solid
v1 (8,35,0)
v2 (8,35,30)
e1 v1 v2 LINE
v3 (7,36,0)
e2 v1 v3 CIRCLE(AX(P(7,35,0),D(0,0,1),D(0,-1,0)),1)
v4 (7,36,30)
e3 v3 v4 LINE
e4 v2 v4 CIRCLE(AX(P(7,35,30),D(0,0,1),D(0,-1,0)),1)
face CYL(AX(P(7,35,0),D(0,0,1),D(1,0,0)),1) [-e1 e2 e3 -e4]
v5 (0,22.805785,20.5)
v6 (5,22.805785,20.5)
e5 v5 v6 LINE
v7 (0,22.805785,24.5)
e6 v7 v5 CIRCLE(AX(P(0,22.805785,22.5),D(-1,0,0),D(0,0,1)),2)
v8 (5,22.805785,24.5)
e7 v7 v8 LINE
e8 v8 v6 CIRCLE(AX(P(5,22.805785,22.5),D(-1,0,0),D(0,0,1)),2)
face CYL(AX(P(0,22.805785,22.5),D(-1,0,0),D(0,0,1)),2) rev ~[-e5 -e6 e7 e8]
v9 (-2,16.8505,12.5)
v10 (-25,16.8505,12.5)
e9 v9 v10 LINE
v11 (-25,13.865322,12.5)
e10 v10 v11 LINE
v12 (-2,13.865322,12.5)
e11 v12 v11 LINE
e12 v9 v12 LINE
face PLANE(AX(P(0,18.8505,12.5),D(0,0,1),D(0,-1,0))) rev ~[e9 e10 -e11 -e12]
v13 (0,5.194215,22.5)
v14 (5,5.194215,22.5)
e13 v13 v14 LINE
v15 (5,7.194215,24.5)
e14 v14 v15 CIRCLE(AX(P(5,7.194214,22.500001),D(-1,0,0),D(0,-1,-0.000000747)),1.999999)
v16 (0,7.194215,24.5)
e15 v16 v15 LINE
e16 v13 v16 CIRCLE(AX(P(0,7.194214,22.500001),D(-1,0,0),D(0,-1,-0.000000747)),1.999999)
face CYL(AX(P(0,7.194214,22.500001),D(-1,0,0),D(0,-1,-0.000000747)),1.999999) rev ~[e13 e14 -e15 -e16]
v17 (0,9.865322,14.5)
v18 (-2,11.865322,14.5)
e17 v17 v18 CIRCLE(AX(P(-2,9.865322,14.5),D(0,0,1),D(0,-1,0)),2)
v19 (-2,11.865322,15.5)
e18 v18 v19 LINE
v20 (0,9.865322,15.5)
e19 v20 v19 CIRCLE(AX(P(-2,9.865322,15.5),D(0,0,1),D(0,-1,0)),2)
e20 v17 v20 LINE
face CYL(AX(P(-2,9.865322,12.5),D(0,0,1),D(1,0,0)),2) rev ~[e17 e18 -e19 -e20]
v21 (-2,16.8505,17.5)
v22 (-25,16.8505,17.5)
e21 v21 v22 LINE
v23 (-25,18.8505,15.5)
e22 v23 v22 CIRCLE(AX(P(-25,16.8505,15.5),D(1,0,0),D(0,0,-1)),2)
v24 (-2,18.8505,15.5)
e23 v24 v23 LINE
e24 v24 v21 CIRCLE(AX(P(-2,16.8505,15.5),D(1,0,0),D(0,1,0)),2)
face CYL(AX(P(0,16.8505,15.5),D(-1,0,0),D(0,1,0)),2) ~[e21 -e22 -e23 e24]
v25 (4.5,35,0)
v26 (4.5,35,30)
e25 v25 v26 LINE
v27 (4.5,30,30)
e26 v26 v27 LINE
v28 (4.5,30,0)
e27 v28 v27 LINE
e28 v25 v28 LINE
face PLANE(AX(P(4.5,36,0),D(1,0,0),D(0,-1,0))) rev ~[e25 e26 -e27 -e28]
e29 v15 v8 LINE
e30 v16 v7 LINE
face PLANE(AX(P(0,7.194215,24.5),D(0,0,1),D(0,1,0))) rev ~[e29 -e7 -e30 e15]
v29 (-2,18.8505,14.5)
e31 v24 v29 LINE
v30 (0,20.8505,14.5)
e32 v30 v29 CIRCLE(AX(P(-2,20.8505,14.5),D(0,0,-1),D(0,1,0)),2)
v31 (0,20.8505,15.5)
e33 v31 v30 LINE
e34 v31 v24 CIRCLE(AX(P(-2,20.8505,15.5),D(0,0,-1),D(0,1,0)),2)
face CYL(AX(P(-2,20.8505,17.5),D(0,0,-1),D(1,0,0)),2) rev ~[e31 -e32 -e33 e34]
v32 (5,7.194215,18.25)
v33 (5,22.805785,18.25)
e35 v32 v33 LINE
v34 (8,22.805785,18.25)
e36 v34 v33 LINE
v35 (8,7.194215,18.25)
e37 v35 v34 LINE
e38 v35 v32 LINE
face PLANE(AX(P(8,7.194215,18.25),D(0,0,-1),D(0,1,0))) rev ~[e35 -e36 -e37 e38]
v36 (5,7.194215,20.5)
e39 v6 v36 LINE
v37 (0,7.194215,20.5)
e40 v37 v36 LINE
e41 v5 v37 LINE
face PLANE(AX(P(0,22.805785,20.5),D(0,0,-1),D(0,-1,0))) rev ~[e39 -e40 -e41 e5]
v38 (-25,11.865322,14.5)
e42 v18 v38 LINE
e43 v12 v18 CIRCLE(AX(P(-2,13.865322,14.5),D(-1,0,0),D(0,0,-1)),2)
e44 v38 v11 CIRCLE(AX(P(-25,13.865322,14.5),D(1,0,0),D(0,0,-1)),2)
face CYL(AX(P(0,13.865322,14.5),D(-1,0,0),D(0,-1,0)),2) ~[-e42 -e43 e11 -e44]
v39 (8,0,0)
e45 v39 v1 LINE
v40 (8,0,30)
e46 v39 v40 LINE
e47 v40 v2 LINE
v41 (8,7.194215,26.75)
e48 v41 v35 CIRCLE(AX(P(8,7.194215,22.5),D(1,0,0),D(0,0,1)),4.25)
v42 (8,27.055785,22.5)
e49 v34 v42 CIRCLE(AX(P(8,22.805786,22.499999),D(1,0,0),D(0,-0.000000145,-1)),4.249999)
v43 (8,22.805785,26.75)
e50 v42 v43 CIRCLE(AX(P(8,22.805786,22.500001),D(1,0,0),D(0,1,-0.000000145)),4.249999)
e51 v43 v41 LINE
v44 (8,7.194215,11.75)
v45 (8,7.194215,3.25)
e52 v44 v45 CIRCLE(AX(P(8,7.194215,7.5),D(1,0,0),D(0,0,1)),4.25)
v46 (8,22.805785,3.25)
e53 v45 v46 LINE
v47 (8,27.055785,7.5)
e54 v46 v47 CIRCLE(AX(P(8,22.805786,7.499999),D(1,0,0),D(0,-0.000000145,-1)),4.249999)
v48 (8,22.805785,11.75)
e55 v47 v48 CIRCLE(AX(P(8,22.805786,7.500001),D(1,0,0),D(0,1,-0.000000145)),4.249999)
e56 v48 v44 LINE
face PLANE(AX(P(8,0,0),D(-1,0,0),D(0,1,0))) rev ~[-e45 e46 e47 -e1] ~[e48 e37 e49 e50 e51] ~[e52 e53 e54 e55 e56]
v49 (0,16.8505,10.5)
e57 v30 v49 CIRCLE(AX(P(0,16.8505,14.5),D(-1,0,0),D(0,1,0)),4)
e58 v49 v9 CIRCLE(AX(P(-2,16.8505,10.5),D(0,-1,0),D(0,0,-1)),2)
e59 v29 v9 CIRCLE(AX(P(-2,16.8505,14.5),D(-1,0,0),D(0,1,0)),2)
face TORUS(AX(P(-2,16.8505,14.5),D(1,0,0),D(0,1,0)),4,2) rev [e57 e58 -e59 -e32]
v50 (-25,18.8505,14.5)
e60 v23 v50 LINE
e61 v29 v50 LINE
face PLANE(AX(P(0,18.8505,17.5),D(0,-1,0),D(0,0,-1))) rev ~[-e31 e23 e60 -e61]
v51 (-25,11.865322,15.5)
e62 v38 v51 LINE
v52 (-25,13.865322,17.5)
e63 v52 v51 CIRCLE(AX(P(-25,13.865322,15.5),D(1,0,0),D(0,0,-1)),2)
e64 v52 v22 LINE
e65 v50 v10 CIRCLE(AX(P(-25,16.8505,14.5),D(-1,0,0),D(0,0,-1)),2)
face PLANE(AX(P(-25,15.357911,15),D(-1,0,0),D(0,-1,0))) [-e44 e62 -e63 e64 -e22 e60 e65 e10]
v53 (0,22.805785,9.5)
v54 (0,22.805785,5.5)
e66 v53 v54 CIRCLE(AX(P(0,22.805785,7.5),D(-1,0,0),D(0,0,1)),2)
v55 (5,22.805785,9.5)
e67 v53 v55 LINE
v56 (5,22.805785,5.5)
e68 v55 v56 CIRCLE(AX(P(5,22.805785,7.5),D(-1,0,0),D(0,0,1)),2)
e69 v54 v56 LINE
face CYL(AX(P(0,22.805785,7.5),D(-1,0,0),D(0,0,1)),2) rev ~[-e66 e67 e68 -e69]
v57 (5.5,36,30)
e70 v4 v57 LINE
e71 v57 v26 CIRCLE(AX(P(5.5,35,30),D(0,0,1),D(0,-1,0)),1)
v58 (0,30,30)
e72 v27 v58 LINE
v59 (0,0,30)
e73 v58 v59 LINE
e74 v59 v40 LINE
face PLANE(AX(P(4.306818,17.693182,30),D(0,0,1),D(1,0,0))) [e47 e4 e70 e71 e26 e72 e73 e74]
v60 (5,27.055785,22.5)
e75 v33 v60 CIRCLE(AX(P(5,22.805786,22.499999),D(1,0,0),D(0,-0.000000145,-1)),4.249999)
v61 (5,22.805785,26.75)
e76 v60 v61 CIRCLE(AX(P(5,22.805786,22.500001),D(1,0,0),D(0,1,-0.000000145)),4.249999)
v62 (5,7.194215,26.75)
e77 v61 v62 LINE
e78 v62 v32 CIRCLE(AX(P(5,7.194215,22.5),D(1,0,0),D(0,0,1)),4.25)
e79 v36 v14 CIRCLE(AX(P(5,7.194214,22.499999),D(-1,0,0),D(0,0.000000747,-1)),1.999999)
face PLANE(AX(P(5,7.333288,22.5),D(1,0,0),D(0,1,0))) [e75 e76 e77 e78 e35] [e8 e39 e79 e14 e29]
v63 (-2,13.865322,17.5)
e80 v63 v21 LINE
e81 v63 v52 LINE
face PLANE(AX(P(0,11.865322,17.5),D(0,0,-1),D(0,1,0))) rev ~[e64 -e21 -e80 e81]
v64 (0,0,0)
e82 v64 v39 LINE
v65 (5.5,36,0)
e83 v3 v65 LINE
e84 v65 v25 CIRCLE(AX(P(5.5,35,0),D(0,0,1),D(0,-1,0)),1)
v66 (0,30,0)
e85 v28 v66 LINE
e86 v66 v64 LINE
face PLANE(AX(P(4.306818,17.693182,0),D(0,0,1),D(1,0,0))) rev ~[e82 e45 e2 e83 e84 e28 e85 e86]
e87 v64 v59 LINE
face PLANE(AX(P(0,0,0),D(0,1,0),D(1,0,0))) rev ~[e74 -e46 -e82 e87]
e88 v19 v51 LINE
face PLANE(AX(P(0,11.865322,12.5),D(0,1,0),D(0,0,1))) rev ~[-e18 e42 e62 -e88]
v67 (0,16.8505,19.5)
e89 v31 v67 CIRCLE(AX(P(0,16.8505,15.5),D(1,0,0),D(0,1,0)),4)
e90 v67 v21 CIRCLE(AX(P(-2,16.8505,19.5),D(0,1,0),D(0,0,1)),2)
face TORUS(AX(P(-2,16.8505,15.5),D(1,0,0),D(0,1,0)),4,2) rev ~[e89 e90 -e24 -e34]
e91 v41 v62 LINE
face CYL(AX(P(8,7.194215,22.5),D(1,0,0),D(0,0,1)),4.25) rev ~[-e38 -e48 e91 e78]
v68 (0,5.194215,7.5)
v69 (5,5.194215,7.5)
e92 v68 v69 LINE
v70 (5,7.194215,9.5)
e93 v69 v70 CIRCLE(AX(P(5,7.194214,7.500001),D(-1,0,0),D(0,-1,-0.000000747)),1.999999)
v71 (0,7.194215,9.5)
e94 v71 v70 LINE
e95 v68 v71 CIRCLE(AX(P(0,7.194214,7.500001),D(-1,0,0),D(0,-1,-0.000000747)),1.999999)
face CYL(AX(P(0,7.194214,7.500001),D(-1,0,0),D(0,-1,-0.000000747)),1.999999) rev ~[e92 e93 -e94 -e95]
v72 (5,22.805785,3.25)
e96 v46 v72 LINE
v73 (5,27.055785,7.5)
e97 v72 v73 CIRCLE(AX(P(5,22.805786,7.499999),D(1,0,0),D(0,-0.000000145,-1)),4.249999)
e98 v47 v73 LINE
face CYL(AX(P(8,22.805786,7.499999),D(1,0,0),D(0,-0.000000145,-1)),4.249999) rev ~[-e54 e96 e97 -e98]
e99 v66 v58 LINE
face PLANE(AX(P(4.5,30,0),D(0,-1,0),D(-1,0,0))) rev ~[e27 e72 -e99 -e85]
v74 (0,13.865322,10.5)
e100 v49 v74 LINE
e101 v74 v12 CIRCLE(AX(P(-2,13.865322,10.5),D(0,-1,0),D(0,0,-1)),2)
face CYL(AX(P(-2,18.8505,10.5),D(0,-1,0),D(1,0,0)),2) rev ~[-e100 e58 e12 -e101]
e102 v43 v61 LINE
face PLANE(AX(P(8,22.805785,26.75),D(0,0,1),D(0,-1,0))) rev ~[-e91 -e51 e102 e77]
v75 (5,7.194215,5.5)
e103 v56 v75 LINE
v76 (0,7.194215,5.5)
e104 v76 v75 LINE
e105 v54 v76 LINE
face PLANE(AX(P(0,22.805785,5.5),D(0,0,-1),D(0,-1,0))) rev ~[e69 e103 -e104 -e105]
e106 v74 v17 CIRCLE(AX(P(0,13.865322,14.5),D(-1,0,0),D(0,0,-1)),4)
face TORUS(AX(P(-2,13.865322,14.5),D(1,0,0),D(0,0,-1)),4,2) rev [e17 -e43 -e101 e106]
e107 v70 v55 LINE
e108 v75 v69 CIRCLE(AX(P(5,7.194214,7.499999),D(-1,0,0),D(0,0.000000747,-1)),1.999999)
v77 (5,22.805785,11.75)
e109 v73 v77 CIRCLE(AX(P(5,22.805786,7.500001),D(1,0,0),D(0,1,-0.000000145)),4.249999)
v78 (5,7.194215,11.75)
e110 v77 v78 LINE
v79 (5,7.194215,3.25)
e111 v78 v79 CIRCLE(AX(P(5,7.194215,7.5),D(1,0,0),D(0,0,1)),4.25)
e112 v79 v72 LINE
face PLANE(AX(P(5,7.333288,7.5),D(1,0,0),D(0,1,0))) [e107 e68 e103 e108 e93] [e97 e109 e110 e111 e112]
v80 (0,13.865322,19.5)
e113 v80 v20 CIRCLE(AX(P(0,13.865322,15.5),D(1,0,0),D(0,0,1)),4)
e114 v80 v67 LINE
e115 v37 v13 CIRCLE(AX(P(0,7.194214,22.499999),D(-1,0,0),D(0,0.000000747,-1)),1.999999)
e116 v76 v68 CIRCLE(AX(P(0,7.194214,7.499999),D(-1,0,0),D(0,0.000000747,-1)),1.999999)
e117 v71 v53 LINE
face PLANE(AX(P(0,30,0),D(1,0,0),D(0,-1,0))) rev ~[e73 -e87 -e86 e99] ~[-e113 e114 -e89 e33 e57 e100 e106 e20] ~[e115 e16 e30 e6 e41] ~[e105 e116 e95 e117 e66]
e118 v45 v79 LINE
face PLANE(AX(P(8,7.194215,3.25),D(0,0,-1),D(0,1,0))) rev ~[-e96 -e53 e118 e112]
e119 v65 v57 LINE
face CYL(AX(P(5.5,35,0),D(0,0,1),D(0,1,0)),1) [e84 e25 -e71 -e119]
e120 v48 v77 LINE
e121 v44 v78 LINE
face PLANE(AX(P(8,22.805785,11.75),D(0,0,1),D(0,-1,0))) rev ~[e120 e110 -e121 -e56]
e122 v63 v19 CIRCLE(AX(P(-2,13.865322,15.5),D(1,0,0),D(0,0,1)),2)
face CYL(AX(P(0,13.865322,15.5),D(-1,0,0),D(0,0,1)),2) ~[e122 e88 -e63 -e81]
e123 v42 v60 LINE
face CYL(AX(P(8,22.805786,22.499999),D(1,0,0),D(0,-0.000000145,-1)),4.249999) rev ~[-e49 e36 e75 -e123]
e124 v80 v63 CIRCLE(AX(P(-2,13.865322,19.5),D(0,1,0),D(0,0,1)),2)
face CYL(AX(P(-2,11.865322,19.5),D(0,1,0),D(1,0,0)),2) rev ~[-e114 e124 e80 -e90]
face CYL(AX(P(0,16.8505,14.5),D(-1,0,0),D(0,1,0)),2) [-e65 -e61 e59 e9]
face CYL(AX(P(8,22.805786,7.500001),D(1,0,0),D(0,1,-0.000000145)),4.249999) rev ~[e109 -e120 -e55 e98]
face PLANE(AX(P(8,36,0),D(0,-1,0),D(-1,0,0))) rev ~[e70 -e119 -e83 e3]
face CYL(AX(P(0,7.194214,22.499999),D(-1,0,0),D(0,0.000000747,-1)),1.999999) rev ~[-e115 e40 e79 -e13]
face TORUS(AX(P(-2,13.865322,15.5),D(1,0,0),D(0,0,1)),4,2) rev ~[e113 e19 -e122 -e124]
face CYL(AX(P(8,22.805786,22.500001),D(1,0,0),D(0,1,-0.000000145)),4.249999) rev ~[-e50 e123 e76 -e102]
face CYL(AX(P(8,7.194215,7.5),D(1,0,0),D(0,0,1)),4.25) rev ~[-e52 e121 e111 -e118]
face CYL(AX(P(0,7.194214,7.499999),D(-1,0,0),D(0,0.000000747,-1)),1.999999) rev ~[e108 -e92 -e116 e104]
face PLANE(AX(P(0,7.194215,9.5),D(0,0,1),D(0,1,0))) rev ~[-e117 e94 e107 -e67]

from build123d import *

# Parameters (mm, degrees)
F1_DEPTH = 30
F3_DEPTH = 8.001
F4_R     = 1
F6_DEPTH = 3
F8_DEPTH = 25
F9_R     = 2


with BuildPart() as f1:
    # F0 (on Top) → F1 (new body)
    with BuildSketch(Plane.XY):
        Polygon((8, 0), (8, 36), (4.5, 36), (4.5, 30), (0, 30), (0, 0), align=None)
    extrude(amount=F1_DEPTH)

    # F2 (on face) → F3 (cut, through all)
    with BuildSketch(Plane(origin=(0, 0, 0), x_dir=(0, -1, 0), z_dir=(-1, 0, 0))):
        with BuildLine():
            ThreePointArc((-7.194215, 20.5), (-5.780001, 21.085786), (-5.194215, 22.5))
            ThreePointArc((-5.194215, 22.5), (-5.780001, 23.914214), (-7.194215, 24.5))
            ThreePointArc((-7.194215, 24.5), (-9.194215, 22.5), (-7.194215, 20.5))
        make_face()
        with BuildLine():
            ThreePointArc((-7.194215, 20.5), (-9.194215, 22.5), (-7.194215, 24.5))
            Line((-7.194215, 24.5), (-15, 24.5))
            Line((-15, 24.5), (-22.805785, 24.5))
            ThreePointArc((-22.805785, 24.5), (-21.391572, 23.914214), (-20.805785, 22.5))
            ThreePointArc((-20.805785, 22.5), (-21.391572, 21.085786), (-22.805785, 20.5))
            Line((-22.805785, 20.5), (-15, 20.5))
            Line((-15, 20.5), (-7.194215, 20.5))
        make_face()
        with BuildLine():
            ThreePointArc((-20.805785, 22.5), (-21.391572, 23.914214), (-22.805785, 24.5))
            ThreePointArc((-22.805785, 24.5), (-24.805785, 22.5), (-22.805785, 20.5))
            ThreePointArc((-22.805785, 20.5), (-21.391572, 21.085786), (-20.805785, 22.5))
        make_face()
        with BuildLine():
            ThreePointArc((-7.194215, 5.5), (-5.780001, 6.085786), (-5.194215, 7.5))
            ThreePointArc((-5.194215, 7.5), (-5.780001, 8.914214), (-7.194215, 9.5))
            ThreePointArc((-7.194215, 9.5), (-9.194215, 7.5), (-7.194215, 5.5))
        make_face()
        with BuildLine():
            ThreePointArc((-7.194215, 5.5), (-9.194215, 7.5), (-7.194215, 9.5))
            Line((-7.194215, 9.5), (-15, 9.5))
            Line((-15, 9.5), (-22.805785, 9.5))
            ThreePointArc((-22.805785, 9.5), (-21.391572, 8.914214), (-20.805785, 7.5))
            ThreePointArc((-20.805785, 7.5), (-21.391572, 6.085786), (-22.805785, 5.5))
            Line((-22.805785, 5.5), (-15, 5.5))
            Line((-15, 5.5), (-7.194215, 5.5))
        make_face()
        with BuildLine():
            ThreePointArc((-20.805785, 7.5), (-21.391572, 8.914214), (-22.805785, 9.5))
            ThreePointArc((-22.805785, 9.5), (-24.805785, 7.5), (-22.805785, 5.5))
            ThreePointArc((-22.805785, 5.5), (-21.391572, 6.085786), (-20.805785, 7.5))
        make_face()
    extrude(amount=-F3_DEPTH, mode=Mode.SUBTRACT)

    # F4
    f4_edges = [f1.edges().sort_by_distance(p)[0] for p in [
        (4.5, 36, 15),
        (8, 36, 15),
    ]]
    fillet(f4_edges, radius=F4_R)

    # F5 (on face) → F6 (cut)
    with BuildSketch(Plane.YZ.offset(8)):
        with BuildLine():
            ThreePointArc((7.194215, 18.25), (10.199419, 19.494796), (11.444215, 22.5))
            ThreePointArc((11.444215, 22.5), (10.199419, 25.505204), (7.194215, 26.75))
            ThreePointArc((7.194215, 26.75), (2.944215, 22.5), (7.194215, 18.25))
        make_face()
        with BuildLine():
            ThreePointArc((7.194215, 26.75), (10.199419, 25.505204), (11.444215, 22.5))
            ThreePointArc((11.444215, 22.5), (10.199419, 19.494796), (7.194215, 18.25))
            Line((7.194215, 18.25), (22.805785, 18.25))
            ThreePointArc((22.805785, 18.25), (18.555785, 22.5), (22.805785, 26.75))
            Line((22.805785, 26.75), (7.194215, 26.75))
        make_face()
        with BuildLine():
            ThreePointArc((27.055785, 22.5), (25.810989, 25.505204), (22.805785, 26.75))
            ThreePointArc((22.805785, 26.75), (18.555785, 22.5), (22.805785, 18.25))
            ThreePointArc((22.805785, 18.25), (25.810989, 19.494796), (27.055785, 22.5))
        make_face()
        with BuildLine():
            ThreePointArc((7.194215, 3.25), (10.199419, 4.494796), (11.444215, 7.5))
            ThreePointArc((11.444215, 7.5), (10.199419, 10.505204), (7.194215, 11.75))
            ThreePointArc((7.194215, 11.75), (2.944215, 7.5), (7.194215, 3.25))
        make_face()
        with BuildLine():
            ThreePointArc((7.194215, 11.75), (10.199419, 10.505204), (11.444215, 7.5))
            ThreePointArc((11.444215, 7.5), (10.199419, 4.494796), (7.194215, 3.25))
            Line((7.194215, 3.25), (22.805785, 3.25))
            ThreePointArc((22.805785, 3.25), (18.555785, 7.5), (22.805785, 11.75))
            Line((22.805785, 11.75), (7.194215, 11.75))
        make_face()
        with BuildLine():
            ThreePointArc((27.055785, 7.5), (25.810989, 10.505204), (22.805785, 11.75))
            ThreePointArc((22.805785, 11.75), (18.555785, 7.5), (22.805785, 3.25))
            ThreePointArc((22.805785, 3.25), (25.810989, 4.494796), (27.055785, 7.5))
        make_face()
    extrude(amount=-F6_DEPTH, mode=Mode.SUBTRACT)

    # F7 (on face) → F8 (join)
    with BuildSketch(Plane(origin=(0, 0, 0), x_dir=(0, -1, 0), z_dir=(-1, 0, 0))):
        Polygon((-18.8505, 12.5), (-11.865322, 12.5), (-11.865322, 15), (-11.865322, 17.5), (-18.8505, 17.5), (-18.8505, 15), align=None)
    extrude(amount=F8_DEPTH)

    # F9
    f9_edges = [f1.edges().sort_by_distance(p)[0] for p in [
        (0, 18.8505, 15),
        (0, 15.357911, 17.5),
        (0, 15.357911, 12.5),
        (0, 11.865322, 15),
        (-12.5, 11.865322, 12.5),
        (-12.5, 11.865322, 17.5),
        (-12.5, 18.8505, 12.5),
        (-12.5, 18.8505, 17.5),
    ]]
    fillet(f9_edges, radius=F9_R)


solid = f1.part
